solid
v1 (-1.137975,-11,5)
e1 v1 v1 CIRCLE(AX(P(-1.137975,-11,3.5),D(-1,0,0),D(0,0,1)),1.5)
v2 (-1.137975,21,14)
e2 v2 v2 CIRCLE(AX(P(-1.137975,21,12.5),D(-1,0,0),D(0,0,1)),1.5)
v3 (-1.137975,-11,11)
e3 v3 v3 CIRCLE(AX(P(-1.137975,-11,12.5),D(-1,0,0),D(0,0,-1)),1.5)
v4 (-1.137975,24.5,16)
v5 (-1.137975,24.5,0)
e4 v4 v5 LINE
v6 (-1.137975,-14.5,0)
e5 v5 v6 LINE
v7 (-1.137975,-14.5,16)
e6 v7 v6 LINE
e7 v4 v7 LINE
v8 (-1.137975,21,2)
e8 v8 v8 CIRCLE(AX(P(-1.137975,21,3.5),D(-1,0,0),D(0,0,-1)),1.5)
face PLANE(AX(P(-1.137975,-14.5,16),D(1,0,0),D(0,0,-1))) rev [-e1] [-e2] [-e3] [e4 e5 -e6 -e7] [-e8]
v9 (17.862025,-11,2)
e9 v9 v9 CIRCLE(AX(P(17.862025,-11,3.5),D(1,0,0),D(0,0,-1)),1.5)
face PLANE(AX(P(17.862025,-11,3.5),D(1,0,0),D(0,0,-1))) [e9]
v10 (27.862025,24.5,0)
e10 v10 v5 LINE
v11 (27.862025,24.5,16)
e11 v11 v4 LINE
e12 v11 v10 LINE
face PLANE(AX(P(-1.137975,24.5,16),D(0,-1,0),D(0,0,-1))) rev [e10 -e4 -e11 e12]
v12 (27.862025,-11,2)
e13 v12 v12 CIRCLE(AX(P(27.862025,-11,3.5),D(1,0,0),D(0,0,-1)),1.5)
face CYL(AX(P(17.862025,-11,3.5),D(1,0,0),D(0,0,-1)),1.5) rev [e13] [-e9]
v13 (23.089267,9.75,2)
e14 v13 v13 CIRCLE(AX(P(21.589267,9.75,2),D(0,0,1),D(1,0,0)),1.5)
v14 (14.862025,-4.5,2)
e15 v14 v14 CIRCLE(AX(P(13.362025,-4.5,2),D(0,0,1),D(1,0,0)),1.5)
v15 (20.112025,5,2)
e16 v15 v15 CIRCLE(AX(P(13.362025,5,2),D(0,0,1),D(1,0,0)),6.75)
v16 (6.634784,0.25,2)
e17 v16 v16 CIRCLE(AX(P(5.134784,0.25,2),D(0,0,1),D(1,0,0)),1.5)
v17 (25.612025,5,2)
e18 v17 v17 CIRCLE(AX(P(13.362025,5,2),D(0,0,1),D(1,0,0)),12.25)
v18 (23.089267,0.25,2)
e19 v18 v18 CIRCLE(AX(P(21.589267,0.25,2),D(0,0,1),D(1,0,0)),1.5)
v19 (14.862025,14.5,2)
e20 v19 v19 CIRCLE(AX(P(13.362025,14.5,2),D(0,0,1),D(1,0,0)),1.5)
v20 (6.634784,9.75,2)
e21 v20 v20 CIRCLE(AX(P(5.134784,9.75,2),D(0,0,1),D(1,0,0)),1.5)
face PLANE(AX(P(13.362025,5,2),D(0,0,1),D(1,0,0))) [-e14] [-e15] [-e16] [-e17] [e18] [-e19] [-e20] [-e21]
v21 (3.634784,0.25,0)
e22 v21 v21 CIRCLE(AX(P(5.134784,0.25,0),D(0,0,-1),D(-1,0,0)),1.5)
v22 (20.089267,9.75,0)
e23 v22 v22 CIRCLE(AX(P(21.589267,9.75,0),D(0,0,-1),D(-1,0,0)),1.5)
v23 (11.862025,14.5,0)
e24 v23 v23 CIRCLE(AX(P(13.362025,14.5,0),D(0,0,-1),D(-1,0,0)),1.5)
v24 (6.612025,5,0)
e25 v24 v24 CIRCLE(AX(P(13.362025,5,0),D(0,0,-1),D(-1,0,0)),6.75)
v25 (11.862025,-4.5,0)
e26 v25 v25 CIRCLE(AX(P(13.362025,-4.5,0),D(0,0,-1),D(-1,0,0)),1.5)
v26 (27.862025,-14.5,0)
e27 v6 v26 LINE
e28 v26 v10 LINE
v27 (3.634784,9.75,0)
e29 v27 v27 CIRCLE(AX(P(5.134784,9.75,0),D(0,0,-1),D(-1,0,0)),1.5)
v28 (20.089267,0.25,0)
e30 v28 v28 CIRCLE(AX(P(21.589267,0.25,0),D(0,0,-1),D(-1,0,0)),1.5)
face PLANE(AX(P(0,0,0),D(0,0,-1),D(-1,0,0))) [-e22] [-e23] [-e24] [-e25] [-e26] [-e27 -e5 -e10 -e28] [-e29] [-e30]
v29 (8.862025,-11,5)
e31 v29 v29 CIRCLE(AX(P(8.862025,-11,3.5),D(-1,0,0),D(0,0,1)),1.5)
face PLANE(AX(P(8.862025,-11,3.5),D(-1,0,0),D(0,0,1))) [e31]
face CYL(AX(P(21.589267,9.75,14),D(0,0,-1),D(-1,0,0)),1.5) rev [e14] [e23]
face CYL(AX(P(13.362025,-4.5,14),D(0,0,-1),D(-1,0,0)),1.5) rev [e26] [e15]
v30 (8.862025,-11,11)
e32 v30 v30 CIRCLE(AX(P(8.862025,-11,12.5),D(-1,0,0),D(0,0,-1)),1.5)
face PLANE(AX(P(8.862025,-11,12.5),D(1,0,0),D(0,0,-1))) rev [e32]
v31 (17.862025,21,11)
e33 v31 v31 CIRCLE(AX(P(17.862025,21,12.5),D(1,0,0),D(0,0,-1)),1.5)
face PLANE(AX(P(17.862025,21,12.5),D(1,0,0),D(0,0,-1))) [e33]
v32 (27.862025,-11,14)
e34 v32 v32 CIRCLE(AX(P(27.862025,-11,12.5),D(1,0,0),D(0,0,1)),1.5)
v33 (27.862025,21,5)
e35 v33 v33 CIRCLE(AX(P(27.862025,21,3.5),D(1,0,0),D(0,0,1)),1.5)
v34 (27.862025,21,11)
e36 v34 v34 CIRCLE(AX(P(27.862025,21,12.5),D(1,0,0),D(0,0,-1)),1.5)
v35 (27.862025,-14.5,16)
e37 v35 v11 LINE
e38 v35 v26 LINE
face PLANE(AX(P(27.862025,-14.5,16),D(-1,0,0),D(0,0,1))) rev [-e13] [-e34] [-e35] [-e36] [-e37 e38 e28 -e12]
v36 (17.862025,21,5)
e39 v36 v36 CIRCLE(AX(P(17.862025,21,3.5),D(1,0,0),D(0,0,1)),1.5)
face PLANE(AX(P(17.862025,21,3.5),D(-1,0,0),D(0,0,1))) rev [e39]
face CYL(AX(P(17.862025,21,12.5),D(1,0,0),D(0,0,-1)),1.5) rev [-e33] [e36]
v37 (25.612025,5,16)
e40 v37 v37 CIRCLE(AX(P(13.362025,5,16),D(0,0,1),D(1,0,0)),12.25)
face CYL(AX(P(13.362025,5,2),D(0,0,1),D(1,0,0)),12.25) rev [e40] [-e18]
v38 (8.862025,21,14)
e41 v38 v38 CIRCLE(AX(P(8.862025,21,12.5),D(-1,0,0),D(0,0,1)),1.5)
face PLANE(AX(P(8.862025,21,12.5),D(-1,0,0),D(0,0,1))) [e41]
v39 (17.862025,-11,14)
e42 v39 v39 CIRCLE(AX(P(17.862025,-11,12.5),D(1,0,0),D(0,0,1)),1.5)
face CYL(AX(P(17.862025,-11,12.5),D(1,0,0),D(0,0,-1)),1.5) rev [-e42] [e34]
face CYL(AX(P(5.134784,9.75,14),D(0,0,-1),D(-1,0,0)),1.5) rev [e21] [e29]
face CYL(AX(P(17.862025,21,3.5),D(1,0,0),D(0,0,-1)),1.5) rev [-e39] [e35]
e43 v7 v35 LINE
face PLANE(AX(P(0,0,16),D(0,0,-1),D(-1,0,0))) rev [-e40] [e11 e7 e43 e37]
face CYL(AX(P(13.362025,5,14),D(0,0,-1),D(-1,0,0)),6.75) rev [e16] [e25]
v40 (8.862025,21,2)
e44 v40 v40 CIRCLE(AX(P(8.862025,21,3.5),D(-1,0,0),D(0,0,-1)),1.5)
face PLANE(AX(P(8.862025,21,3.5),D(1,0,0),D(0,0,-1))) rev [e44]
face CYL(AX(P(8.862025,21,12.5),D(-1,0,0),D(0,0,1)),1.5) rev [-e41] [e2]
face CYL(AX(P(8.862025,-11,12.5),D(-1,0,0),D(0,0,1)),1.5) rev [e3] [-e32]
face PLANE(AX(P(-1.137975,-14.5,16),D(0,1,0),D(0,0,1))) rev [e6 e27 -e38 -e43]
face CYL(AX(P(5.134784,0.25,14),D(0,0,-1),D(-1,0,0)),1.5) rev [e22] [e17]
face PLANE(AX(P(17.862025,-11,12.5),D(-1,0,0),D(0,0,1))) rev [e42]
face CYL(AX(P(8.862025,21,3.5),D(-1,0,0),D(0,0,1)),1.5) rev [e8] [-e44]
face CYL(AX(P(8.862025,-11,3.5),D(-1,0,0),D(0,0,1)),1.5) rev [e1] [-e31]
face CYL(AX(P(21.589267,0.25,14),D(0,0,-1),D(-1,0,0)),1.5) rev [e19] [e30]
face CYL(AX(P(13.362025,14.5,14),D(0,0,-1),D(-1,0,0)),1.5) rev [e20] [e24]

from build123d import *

# Parameters (mm, degrees)
SKETCH_1_W          = 29
SKETCH_1_H          = 39
EXTRUDE_1_DEPTH     = 16
SKETCH_2_R          = 12.25
CUT_EXTRUDE_1_DEPTH = 14
SKETCH_3_R          = 6.75
CUT_EXTRUDE_2_DEPTH = 14
SKETCH_4_R          = 1.5
CUT_EXTRUDE_3_DEPTH = 14
SKETCH_5_R          = 1.5
CUT_EXTRUDE_4_DEPTH = 10
CUT_EXTRUDE_START   = -10
SKETCH_6_R          = 1.5
CUT_EXTRUDE_6_DEPTH = 10


with BuildPart() as part:
    # 草图1 → 凸台-拉伸1 (new body)
    with BuildSketch(Plane.XY):
        with Locations((13.362025316, 5)):
            Rectangle(SKETCH_1_W, SKETCH_1_H)
    extrude(amount=EXTRUDE_1_DEPTH)

    # 草图2 → 切除-拉伸1 (cut)
    with BuildSketch(Plane.XY.offset(16)):
        with Locations((13.362025316, 5)):
            Circle(SKETCH_2_R)
    extrude(amount=-CUT_EXTRUDE_1_DEPTH, mode=Mode.SUBTRACT)

    # 草图3 → 切除-拉伸2 (cut)
    with BuildSketch(Plane(origin=(0, 0, 0), x_dir=(-1, 0, 0), z_dir=(0, 0, -1))):
        with Locations((-13.362025316, 5)):
            Circle(SKETCH_3_R)
    extrude(amount=-CUT_EXTRUDE_2_DEPTH, mode=Mode.SUBTRACT)

    # 草图4 → 切除-拉伸3 (cut)
    with BuildSketch(Plane(origin=(0, 0, 0), x_dir=(-1, 0, 0), z_dir=(0, 0, -1))):
        with Locations((-13.362025316, 14.5)):
            Circle(SKETCH_4_R)
        with Locations((-5.134783981, 9.75)):
            Circle(SKETCH_4_R)
        with Locations((-5.134783981, 0.25)):
            Circle(SKETCH_4_R)
        with Locations((-13.362025316, -4.5)):
            Circle(SKETCH_4_R)
        with Locations((-21.589266652, 0.25)):
            Circle(SKETCH_4_R)
        with Locations((-21.589266652, 9.75)):
            Circle(SKETCH_4_R)
    extrude(amount=-CUT_EXTRUDE_3_DEPTH, mode=Mode.SUBTRACT)

    # 草图5 → 切除-拉伸4 (cut)
    with BuildSketch(Plane.ZY.offset(1.137974684)):
        with Locations((12.5, 21)):
            Circle(SKETCH_5_R)
        with Locations(Location((3.5, 21, 0), (0, 0, 180))):
            Circle(SKETCH_5_R)
        with Locations(Location((12.5, -11, 0), (0, 0, 180))):
            Circle(SKETCH_5_R)
        with Locations((3.5, -11)):
            Circle(SKETCH_5_R)
    extrude(amount=-CUT_EXTRUDE_4_DEPTH, mode=Mode.SUBTRACT)

    # 草图6 → 切除-拉伸6 (cut)
    with BuildSketch(Plane(origin=(27.862025316, 0, 0), x_dir=(0, 0, -1), z_dir=(1, 0, 0)).offset(CUT_EXTRUDE_START)):
        with Locations((-12.5, -11)):
            Circle(SKETCH_6_R)
        with Locations(Location((-3.5, -11, 0), (0, 0, 180))):
            Circle(SKETCH_6_R)
        with Locations((-3.5, 21)):
            Circle(SKETCH_6_R)
        with Locations(Location((-12.5, 21, 0), (0, 0, 180))):
            Circle(SKETCH_6_R)
    extrude(amount=CUT_EXTRUDE_6_DEPTH, mode=Mode.SUBTRACT)


solid = part.part
